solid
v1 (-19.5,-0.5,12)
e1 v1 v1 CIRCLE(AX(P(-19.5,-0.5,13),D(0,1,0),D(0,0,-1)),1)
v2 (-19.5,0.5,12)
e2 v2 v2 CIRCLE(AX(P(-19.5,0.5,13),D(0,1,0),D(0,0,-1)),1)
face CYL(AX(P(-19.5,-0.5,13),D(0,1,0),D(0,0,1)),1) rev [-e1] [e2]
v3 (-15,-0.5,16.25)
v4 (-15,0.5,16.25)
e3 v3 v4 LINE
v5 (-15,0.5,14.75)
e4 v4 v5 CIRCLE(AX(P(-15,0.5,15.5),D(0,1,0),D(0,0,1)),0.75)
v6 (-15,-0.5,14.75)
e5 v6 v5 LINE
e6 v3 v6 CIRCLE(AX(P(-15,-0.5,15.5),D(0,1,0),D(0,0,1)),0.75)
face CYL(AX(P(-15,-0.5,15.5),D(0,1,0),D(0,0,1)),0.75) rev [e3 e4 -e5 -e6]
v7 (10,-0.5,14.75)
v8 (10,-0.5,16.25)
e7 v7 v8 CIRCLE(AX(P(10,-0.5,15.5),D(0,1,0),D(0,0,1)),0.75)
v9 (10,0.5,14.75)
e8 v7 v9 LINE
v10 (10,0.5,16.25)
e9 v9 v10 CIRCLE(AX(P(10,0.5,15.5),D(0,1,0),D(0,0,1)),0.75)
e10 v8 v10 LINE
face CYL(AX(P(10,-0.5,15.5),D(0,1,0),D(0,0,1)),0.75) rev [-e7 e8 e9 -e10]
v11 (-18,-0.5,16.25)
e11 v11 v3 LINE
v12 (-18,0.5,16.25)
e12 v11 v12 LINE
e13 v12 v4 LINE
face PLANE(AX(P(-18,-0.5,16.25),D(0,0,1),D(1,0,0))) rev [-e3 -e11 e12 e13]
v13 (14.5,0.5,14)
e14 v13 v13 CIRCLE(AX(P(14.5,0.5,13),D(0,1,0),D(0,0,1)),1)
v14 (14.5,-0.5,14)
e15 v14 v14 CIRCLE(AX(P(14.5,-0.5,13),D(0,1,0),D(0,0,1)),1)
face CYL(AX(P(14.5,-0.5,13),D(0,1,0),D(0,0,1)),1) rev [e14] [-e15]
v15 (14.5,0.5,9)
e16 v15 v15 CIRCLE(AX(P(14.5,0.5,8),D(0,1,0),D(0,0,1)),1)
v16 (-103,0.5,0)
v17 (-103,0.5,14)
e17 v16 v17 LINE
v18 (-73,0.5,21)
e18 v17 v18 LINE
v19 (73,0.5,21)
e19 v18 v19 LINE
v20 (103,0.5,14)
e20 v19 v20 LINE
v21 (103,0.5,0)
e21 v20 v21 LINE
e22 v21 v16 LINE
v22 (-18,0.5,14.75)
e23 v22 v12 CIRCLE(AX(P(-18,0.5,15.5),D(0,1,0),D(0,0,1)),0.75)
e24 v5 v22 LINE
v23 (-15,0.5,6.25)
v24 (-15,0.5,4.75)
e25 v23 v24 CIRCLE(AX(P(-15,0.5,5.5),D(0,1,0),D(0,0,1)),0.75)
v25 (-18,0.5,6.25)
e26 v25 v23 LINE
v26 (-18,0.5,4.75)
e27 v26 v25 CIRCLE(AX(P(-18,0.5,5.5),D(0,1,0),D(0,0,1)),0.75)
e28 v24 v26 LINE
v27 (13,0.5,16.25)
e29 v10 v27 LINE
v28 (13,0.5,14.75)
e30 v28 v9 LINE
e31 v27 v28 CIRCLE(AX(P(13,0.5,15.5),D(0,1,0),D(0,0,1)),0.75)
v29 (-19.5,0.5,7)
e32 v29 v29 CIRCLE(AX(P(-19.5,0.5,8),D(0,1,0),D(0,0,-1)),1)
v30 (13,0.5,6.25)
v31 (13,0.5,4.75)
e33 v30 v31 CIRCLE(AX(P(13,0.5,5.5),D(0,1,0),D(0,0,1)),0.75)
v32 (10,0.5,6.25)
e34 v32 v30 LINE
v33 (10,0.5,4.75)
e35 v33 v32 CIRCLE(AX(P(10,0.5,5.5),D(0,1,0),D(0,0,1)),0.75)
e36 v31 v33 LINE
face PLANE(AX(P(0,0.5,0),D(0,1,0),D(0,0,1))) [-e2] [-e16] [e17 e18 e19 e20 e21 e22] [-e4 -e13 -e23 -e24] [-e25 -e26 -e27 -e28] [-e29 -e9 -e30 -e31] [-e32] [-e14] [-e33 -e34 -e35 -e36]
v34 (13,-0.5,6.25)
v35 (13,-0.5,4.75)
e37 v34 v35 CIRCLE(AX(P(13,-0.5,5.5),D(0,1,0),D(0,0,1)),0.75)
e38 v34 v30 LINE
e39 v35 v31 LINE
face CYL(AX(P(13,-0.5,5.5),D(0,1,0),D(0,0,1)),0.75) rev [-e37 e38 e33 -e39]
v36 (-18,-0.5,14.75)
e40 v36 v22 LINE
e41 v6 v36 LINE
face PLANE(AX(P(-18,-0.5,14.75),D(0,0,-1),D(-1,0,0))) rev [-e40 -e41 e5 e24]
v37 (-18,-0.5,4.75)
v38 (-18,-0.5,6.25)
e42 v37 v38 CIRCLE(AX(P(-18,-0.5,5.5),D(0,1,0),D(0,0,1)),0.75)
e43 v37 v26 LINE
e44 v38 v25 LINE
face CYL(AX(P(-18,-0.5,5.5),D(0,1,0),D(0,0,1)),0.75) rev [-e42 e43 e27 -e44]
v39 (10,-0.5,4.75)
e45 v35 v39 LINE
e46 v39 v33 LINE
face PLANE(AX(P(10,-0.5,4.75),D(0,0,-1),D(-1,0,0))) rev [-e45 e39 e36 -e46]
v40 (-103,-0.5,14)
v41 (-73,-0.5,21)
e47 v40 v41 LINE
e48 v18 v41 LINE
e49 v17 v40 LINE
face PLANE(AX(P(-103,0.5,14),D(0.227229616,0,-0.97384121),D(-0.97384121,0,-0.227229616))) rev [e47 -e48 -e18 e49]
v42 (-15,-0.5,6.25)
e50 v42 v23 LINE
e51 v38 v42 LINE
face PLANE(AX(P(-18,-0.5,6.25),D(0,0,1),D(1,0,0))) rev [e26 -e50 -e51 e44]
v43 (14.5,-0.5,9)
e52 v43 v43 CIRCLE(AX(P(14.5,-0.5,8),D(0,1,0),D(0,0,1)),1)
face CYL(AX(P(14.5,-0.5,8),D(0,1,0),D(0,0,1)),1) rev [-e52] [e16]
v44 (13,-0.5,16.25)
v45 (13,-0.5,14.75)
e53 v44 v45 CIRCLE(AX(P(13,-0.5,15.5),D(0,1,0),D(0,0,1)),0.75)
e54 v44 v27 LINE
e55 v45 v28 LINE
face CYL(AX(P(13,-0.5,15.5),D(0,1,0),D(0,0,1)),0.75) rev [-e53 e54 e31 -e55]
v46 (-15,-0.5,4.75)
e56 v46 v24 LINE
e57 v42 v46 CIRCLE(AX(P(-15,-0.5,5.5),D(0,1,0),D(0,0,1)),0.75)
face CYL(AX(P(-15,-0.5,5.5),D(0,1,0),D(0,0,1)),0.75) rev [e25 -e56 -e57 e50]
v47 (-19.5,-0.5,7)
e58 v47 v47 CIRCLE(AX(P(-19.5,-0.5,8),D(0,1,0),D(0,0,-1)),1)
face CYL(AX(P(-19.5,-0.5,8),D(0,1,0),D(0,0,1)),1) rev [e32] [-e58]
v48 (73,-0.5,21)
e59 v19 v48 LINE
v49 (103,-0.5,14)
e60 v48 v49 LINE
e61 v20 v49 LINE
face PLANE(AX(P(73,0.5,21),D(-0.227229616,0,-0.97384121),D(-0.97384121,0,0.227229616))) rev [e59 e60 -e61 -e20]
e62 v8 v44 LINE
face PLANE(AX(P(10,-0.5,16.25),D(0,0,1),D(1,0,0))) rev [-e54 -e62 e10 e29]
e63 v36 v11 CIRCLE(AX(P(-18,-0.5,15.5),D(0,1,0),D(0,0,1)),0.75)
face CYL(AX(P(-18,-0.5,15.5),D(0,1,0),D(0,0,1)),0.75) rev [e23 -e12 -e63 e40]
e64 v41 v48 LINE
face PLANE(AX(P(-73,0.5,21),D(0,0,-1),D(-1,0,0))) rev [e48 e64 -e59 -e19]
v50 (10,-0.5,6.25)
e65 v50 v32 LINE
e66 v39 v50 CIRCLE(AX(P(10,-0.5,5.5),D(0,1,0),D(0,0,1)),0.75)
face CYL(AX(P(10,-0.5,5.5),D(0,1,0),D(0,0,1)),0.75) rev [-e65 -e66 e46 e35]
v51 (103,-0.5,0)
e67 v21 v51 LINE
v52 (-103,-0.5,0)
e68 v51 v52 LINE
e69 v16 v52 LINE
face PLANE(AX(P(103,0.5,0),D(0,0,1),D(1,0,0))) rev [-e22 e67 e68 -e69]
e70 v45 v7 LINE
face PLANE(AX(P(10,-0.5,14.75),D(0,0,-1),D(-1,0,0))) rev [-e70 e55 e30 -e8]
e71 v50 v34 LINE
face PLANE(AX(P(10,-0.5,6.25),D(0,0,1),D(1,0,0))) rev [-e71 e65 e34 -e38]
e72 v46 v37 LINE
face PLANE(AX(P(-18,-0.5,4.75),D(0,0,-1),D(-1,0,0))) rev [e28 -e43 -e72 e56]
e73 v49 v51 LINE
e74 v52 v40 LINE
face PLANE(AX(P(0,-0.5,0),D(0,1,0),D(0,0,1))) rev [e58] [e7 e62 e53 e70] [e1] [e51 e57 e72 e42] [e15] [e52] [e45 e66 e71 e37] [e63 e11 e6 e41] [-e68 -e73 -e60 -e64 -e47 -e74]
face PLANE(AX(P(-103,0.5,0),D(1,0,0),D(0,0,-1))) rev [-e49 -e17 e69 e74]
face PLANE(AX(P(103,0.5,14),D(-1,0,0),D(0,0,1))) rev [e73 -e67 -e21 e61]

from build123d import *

# Parameters (mm, degrees)
EXTRUDE_1_DEPTH     = 0.5
SKETCH_2_R          = 1
SKETCH_2_W          = 3
SKETCH_2_H          = 1.5
CUT_EXTRUDE_1_DEPTH = 2
SKETCH_3_R          = 0.75
CUT_EXTRUDE_2_DEPTH = 2


with BuildPart() as part:
    # 草图1 → 凸台-拉伸1 (new body, symmetric)
    with BuildSketch(Plane(origin=(0, 0, 0), x_dir=(1, 0, 0), z_dir=(0, 1, 0))):
        Polygon((103, 0), (-103, 0), (-103, -14), (-73, -21), (73, -21), (103, -14), align=None)
    extrude(amount=EXTRUDE_1_DEPTH, both=True)

    # 草图2 → 切除-拉伸1 (cut, through all)
    with BuildSketch(Plane(origin=(0, 0.5, 0), x_dir=(1, 0, 0), z_dir=(0, 1, 0))):
        with Locations((14.5, -13)):
            Circle(SKETCH_2_R)
        with Locations((14.5, -8)):
            Circle(SKETCH_2_R)
        with Locations((-19.5, -8)):
            Circle(SKETCH_2_R)
        with Locations((-19.5, -13)):
            Circle(SKETCH_2_R)
        with Locations((11.5, -5.5)):
            Rectangle(SKETCH_2_W, SKETCH_2_H)
        with Locations((11.5, -15.5)):
            Rectangle(SKETCH_2_W, SKETCH_2_H)
        with Locations((-16.5, -15.5)):
            Rectangle(SKETCH_2_W, SKETCH_2_H)
        with Locations((-16.5, -5.5)):
            Rectangle(SKETCH_2_W, SKETCH_2_H)
    extrude(amount=-CUT_EXTRUDE_1_DEPTH, mode=Mode.SUBTRACT)

    # 草图3 → 切除-拉伸2 (cut, through all)
    with BuildSketch(Plane(origin=(0, 0.5, 0), x_dir=(1, 0, 0), z_dir=(0, 1, 0))):
        with Locations((-18, -5.5)):
            Circle(SKETCH_3_R)
        with Locations((-15, -5.5)):
            Circle(SKETCH_3_R)
        with Locations((-18, -15.5)):
            Circle(SKETCH_3_R)
        with Locations((-15, -15.5)):
            Circle(SKETCH_3_R)
        with Locations((10, -5.5)):
            Circle(SKETCH_3_R)
        with Locations((10, -15.5)):
            Circle(SKETCH_3_R)
        with Locations((13, -15.5)):
            Circle(SKETCH_3_R)
        with Locations((13, -5.5)):
            Circle(SKETCH_3_R)
    extrude(amount=-CUT_EXTRUDE_2_DEPTH, mode=Mode.SUBTRACT)


solid = part.part
